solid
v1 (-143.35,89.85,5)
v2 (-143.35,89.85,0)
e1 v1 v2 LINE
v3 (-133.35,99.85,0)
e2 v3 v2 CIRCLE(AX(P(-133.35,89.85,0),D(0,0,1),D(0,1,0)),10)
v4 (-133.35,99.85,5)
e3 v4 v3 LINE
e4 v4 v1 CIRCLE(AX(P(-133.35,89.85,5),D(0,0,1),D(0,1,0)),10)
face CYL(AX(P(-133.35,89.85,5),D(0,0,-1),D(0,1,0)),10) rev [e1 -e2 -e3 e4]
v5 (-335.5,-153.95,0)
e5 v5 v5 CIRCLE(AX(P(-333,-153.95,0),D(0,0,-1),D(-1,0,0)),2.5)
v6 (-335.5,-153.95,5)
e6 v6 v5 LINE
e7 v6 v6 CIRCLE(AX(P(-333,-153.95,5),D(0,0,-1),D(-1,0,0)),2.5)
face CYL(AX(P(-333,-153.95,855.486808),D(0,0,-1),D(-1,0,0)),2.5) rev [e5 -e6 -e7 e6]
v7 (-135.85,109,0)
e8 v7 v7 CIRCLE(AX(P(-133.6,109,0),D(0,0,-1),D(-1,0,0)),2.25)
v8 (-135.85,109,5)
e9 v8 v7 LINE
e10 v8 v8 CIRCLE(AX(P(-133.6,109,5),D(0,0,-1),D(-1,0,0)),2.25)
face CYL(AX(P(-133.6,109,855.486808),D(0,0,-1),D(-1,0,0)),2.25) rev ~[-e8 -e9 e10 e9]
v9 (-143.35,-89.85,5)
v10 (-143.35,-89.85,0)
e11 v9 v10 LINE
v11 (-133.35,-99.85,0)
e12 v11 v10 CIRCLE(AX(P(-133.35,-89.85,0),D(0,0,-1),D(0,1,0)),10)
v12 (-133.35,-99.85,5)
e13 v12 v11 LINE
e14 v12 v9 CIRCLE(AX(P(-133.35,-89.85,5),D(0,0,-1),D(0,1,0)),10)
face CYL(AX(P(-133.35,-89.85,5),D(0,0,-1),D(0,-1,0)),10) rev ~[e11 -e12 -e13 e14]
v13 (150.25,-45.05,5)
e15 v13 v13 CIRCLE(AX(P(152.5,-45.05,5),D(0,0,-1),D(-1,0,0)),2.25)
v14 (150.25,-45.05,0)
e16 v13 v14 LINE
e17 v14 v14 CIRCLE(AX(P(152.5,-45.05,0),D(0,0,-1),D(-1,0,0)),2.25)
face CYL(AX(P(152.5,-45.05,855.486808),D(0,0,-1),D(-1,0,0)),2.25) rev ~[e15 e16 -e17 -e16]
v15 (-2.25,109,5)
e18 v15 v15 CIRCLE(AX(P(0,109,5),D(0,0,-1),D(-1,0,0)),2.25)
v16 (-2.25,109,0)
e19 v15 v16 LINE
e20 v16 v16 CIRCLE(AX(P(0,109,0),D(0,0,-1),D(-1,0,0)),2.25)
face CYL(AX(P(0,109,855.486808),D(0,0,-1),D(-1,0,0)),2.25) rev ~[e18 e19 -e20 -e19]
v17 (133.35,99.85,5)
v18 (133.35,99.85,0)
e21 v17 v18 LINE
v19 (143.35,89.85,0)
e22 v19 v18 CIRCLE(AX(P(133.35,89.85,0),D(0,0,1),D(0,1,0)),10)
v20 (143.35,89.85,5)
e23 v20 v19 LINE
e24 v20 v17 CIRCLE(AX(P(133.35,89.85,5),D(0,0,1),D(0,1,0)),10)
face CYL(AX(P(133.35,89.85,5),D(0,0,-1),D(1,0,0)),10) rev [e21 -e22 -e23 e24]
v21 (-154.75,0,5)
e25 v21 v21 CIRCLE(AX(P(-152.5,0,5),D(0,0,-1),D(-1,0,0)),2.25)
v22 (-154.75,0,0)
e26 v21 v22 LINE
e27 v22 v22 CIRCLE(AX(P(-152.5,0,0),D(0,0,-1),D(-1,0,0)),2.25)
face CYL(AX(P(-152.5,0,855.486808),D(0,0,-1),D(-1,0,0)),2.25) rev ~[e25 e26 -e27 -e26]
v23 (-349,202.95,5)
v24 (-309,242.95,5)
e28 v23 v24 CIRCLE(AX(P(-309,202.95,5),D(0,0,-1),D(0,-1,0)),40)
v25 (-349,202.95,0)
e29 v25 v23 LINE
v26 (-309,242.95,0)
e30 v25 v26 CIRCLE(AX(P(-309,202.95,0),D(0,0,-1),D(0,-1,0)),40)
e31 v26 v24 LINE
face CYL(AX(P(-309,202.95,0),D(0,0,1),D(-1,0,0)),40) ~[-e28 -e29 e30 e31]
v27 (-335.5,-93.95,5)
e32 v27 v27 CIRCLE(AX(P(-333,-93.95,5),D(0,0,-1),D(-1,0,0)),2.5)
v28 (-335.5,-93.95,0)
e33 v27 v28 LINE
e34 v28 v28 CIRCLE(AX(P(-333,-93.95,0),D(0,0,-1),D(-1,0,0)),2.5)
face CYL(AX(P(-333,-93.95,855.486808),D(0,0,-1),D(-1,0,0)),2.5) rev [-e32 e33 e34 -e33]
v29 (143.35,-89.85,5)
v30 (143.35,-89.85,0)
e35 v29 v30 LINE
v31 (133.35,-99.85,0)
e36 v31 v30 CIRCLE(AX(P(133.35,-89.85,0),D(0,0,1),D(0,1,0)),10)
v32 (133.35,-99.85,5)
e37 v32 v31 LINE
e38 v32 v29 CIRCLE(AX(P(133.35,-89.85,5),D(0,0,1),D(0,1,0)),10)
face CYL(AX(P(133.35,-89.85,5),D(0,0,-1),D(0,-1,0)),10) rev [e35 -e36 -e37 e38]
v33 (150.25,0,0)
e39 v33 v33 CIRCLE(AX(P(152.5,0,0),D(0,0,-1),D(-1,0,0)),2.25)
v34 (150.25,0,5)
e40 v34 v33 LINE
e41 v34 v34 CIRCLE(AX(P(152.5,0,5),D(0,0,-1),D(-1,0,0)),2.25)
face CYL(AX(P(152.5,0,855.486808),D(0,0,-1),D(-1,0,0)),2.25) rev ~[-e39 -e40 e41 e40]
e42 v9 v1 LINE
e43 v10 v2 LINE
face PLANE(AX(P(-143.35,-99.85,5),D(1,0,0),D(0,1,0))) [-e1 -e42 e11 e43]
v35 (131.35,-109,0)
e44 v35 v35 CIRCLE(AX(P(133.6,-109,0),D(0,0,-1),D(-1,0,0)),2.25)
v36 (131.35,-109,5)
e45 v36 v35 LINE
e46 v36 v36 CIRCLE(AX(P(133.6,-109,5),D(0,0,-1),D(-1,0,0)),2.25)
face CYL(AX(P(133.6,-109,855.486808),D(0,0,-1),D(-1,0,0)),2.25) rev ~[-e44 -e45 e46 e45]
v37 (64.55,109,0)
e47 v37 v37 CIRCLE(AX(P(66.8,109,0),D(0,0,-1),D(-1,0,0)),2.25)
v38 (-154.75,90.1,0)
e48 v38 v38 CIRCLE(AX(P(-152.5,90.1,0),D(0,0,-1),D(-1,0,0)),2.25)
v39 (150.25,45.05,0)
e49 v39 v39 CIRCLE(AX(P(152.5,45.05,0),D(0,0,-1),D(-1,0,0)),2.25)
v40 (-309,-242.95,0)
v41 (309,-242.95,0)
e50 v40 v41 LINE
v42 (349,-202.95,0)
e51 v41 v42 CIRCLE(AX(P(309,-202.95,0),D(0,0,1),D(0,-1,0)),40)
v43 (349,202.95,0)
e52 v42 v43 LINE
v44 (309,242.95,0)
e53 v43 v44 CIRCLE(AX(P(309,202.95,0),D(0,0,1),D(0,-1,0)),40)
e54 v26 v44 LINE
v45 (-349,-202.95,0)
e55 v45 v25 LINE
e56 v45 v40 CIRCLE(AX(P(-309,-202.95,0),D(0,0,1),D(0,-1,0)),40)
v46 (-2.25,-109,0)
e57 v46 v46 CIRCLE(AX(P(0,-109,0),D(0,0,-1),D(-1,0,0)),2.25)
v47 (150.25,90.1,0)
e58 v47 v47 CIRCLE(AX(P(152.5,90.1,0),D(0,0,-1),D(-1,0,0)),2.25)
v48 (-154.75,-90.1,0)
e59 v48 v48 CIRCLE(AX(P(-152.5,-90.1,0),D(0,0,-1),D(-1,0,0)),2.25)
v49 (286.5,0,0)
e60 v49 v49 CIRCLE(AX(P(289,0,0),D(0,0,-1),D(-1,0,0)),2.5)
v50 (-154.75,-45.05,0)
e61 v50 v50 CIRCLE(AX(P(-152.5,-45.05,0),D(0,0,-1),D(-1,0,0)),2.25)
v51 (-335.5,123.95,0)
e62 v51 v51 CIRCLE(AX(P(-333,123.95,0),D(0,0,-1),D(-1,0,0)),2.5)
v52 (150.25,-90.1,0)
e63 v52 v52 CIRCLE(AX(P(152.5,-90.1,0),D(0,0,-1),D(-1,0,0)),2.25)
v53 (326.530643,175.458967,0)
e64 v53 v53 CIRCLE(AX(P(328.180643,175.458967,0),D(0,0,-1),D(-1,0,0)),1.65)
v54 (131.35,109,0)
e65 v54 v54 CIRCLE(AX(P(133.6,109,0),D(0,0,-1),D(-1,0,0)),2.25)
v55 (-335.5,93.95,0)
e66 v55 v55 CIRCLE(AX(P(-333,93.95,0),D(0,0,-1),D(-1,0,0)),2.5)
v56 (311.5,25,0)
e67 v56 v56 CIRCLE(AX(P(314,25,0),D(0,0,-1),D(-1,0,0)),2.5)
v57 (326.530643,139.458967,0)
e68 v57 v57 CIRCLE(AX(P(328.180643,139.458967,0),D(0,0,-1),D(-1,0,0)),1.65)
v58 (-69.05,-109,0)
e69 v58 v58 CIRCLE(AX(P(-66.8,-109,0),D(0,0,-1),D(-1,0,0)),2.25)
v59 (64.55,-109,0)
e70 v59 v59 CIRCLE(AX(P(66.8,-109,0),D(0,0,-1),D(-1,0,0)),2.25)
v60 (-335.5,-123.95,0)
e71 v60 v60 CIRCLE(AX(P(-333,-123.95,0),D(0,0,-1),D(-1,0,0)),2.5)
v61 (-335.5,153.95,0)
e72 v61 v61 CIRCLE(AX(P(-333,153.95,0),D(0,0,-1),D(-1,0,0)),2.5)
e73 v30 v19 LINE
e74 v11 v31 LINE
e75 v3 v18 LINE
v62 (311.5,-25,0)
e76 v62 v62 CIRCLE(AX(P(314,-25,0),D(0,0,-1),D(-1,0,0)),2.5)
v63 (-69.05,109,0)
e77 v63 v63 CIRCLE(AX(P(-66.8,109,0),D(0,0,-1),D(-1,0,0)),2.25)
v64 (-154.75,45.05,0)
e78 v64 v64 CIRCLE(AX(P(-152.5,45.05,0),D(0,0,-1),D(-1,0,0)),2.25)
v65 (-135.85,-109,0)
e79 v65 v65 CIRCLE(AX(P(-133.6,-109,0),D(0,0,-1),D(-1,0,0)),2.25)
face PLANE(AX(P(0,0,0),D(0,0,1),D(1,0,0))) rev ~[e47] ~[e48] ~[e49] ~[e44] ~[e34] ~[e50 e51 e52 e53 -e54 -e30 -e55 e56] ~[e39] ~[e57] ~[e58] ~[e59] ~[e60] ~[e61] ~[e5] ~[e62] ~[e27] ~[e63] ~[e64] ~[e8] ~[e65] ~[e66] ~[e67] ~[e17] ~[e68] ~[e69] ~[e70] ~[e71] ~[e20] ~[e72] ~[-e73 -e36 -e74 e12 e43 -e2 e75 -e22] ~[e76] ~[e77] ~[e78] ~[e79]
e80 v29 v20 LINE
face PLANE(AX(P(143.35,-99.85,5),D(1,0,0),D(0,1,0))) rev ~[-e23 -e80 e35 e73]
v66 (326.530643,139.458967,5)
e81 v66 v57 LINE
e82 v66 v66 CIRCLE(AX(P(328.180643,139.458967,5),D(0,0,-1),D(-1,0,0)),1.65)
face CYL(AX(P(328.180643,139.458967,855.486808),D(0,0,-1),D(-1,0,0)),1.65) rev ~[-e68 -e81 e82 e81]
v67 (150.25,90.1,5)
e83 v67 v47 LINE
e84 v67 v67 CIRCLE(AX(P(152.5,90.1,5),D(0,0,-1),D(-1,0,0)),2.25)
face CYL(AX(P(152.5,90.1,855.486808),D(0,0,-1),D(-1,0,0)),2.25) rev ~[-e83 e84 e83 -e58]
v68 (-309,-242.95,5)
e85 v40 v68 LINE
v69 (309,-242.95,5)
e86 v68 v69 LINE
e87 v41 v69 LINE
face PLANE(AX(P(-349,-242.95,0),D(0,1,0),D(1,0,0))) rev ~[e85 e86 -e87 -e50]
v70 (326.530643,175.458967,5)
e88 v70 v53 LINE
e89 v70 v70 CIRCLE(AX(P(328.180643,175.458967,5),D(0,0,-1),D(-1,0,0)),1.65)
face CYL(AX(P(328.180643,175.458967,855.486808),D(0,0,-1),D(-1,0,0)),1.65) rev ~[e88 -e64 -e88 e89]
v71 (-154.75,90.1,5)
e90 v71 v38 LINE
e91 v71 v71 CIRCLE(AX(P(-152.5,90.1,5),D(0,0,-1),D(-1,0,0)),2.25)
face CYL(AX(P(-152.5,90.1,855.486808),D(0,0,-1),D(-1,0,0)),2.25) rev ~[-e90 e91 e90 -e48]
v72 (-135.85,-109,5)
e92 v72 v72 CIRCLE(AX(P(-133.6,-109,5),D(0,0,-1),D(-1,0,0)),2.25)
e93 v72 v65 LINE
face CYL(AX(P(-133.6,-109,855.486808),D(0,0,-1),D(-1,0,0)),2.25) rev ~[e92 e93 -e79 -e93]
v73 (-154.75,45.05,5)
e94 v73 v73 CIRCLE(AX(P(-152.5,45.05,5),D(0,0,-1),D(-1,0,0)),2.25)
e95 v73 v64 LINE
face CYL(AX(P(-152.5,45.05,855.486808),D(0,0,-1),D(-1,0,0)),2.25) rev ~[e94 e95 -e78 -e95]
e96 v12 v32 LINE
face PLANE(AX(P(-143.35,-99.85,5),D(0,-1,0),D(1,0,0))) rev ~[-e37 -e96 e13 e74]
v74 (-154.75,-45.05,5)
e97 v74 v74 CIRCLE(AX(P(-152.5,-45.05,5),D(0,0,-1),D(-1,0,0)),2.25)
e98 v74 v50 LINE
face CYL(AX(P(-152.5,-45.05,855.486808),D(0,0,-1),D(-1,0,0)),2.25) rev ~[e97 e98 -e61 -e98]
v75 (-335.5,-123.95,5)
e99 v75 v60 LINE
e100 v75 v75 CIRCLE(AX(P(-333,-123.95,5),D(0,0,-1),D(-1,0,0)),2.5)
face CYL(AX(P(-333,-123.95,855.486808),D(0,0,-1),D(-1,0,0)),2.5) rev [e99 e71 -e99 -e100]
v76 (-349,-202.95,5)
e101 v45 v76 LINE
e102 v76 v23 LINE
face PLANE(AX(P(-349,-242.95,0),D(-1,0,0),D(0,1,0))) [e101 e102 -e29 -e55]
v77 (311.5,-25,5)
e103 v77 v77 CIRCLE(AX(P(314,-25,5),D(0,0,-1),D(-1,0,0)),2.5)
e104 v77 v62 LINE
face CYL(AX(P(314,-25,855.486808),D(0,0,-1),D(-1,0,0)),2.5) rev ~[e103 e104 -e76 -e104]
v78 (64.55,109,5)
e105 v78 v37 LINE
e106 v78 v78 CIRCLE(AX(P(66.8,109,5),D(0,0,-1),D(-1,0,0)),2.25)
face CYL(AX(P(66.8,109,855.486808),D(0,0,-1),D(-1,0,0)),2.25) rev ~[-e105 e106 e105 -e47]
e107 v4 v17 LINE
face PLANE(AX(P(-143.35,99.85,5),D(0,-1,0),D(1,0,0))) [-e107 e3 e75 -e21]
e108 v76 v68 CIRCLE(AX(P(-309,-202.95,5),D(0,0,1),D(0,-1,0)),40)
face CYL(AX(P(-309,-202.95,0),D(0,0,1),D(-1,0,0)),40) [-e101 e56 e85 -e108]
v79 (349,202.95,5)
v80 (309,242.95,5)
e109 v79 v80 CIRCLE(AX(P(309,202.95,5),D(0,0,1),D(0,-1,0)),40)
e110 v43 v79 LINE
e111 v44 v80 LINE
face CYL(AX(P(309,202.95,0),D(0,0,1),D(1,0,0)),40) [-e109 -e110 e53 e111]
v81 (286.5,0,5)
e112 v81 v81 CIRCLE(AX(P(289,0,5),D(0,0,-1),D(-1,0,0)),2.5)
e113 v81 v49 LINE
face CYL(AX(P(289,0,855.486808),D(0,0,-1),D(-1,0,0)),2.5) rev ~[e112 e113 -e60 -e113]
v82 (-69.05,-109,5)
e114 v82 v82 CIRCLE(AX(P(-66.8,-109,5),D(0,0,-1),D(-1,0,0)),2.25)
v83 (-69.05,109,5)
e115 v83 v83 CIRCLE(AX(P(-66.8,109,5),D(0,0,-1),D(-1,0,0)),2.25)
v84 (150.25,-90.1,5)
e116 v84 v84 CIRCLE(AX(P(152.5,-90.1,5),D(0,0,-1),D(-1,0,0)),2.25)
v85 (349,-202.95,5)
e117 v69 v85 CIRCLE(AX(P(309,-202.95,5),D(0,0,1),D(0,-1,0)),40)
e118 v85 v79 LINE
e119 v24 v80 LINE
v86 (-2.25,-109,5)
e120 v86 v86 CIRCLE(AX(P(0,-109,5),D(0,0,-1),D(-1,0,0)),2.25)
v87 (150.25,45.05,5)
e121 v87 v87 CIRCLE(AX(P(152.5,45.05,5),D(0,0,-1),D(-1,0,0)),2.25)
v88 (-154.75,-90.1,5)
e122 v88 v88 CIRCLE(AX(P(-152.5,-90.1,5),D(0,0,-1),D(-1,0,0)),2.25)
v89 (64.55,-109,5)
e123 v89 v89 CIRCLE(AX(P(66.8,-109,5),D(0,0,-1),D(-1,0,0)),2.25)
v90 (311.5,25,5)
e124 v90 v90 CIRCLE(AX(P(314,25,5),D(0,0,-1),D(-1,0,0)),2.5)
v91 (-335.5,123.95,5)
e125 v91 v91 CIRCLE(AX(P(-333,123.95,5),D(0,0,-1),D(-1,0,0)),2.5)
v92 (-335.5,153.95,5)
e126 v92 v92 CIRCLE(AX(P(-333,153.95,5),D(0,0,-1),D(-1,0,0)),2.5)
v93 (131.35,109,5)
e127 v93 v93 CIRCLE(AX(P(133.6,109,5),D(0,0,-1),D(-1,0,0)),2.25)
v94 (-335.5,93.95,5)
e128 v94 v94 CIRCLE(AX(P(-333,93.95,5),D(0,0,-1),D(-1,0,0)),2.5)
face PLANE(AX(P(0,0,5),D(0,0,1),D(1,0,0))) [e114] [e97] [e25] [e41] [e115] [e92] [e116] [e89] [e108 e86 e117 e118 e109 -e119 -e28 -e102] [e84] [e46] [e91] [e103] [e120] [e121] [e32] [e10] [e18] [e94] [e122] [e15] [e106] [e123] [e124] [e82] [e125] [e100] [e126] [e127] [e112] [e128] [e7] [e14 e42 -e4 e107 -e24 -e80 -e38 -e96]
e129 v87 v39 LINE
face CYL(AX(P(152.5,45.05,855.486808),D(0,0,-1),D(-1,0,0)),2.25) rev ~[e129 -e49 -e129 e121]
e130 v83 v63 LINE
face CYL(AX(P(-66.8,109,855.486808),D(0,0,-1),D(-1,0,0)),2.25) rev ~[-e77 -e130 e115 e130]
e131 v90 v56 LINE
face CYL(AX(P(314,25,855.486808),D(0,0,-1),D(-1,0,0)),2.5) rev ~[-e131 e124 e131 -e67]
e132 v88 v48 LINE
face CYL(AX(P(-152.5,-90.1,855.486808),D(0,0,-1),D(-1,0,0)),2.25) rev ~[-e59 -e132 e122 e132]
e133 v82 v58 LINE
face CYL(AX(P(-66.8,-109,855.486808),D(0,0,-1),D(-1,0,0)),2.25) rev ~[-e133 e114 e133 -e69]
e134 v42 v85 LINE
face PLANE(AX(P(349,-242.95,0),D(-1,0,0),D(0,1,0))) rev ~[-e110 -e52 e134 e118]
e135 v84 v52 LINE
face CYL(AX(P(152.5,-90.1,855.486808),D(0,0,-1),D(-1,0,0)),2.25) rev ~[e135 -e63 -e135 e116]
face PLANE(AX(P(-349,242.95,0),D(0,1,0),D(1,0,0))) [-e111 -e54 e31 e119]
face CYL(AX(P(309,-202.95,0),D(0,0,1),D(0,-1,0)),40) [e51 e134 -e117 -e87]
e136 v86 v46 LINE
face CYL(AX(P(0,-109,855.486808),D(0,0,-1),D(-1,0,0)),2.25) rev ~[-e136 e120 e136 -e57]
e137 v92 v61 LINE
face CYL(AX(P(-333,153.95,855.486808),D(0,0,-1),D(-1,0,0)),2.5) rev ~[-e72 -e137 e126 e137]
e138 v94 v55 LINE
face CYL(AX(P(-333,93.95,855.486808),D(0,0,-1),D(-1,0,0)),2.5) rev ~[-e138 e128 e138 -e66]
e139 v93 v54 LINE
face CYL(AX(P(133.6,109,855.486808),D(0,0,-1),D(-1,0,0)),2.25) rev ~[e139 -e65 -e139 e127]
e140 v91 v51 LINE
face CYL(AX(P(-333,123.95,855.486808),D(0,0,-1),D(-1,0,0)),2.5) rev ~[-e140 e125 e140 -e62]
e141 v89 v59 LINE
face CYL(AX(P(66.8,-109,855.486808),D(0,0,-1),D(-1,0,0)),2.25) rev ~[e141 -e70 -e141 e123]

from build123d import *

# Parameters (mm, degrees)
SKETCH1_W            = 698
SKETCH1_H            = 485.9
BOSS_EXTRUDE1_DEPTH  = 5
FILLET1_R            = 40
M6_TAPPED_HOLE1_D    = 5
M6_TAPPED_HOLE2_D    = 5
M4_TAPPED_HOLE1_D    = 3.3
SKETCH8_W            = 286.7
SKETCH8_H            = 199.7
CUT_EXTRUDE1_DEPTH   = 6
FILLET2_R            = 10
M4_CLEARANCE_HOLE1_D = 4.5


with BuildPart() as part:
    # Sketch1 → Boss-Extrude1 (new body)
    with BuildSketch(Plane.XY):
        Rectangle(SKETCH1_W, SKETCH1_H)
    extrude(amount=BOSS_EXTRUDE1_DEPTH)

    # Fillet1
    fillet1_edges = [part.edges().sort_by_distance(p)[0] for p in [
        (-349, 242.95, 2.5),
        (349, 242.95, 2.5),
        (349, -242.95, 2.5),
        (-349, -242.95, 2.5),
    ]]
    fillet(fillet1_edges, radius=FILLET1_R)

    # M6 Tapped Hole1 (through all)
    with Locations(Plane.XY.offset(5)):
        with Locations((-333, 153.95), (-333, 123.95), (-333, 93.95)):
            m6_tapped_hole1 = Hole(M6_TAPPED_HOLE1_D / 2)

    # M6 Tapped Hole2 (through all)
    with Locations(Plane.XY.offset(5)):
        with Locations((314, 25), (289, 0), (314, -25)):
            Hole(M6_TAPPED_HOLE2_D / 2)

    # Mirror1: M6 Tapped Hole1 across plane
    add(m6_tapped_hole1.mirror(Plane.ZX), mode=Mode.SUBTRACT)

    # M4 Tapped Hole1 (through all)
    with Locations(Plane.XY.offset(5)):
        with Locations((328.180642757, 175.458967428), (328.180642757, 139.458967428)):
            Hole(M4_TAPPED_HOLE1_D / 2)

    # Sketch8 → Cut-Extrude1 (cut, through all)
    with BuildSketch(Plane.XY.offset(5)):
        Rectangle(SKETCH8_W, SKETCH8_H)
    extrude(amount=-CUT_EXTRUDE1_DEPTH, mode=Mode.SUBTRACT)

    # Fillet2
    fillet2_edges = [part.edges().sort_by_distance(p)[0] for p in [
        (143.35, -99.85, 2.5),
        (-143.35, -99.85, 2.5),
        (-143.35, 99.85, 2.5),
        (143.35, 99.85, 2.5),
    ]]
    fillet(fillet2_edges, radius=FILLET2_R)

    # M4 Clearance Hole1 (through all)
    with Locations(Plane.XY.offset(5)):
        with Locations((152.5, 90.1), (152.5, 45.05), (133.6, 109), (66.8, 109), (0, 109), (-66.8, 109), (-133.6, 109), (-152.5, 90.1), (-152.5, 45.05), (-152.5, 0), (-152.5, -45.05), (-152.5, -90.1), (-133.6, -109), (-66.8, -109), (0, -109), (66.8, -109), (133.6, -109), (152.5, -90.1), (152.5, -45.05), (152.5, 0)):
            Hole(M4_CLEARANCE_HOLE1_D / 2)


solid = part.part
